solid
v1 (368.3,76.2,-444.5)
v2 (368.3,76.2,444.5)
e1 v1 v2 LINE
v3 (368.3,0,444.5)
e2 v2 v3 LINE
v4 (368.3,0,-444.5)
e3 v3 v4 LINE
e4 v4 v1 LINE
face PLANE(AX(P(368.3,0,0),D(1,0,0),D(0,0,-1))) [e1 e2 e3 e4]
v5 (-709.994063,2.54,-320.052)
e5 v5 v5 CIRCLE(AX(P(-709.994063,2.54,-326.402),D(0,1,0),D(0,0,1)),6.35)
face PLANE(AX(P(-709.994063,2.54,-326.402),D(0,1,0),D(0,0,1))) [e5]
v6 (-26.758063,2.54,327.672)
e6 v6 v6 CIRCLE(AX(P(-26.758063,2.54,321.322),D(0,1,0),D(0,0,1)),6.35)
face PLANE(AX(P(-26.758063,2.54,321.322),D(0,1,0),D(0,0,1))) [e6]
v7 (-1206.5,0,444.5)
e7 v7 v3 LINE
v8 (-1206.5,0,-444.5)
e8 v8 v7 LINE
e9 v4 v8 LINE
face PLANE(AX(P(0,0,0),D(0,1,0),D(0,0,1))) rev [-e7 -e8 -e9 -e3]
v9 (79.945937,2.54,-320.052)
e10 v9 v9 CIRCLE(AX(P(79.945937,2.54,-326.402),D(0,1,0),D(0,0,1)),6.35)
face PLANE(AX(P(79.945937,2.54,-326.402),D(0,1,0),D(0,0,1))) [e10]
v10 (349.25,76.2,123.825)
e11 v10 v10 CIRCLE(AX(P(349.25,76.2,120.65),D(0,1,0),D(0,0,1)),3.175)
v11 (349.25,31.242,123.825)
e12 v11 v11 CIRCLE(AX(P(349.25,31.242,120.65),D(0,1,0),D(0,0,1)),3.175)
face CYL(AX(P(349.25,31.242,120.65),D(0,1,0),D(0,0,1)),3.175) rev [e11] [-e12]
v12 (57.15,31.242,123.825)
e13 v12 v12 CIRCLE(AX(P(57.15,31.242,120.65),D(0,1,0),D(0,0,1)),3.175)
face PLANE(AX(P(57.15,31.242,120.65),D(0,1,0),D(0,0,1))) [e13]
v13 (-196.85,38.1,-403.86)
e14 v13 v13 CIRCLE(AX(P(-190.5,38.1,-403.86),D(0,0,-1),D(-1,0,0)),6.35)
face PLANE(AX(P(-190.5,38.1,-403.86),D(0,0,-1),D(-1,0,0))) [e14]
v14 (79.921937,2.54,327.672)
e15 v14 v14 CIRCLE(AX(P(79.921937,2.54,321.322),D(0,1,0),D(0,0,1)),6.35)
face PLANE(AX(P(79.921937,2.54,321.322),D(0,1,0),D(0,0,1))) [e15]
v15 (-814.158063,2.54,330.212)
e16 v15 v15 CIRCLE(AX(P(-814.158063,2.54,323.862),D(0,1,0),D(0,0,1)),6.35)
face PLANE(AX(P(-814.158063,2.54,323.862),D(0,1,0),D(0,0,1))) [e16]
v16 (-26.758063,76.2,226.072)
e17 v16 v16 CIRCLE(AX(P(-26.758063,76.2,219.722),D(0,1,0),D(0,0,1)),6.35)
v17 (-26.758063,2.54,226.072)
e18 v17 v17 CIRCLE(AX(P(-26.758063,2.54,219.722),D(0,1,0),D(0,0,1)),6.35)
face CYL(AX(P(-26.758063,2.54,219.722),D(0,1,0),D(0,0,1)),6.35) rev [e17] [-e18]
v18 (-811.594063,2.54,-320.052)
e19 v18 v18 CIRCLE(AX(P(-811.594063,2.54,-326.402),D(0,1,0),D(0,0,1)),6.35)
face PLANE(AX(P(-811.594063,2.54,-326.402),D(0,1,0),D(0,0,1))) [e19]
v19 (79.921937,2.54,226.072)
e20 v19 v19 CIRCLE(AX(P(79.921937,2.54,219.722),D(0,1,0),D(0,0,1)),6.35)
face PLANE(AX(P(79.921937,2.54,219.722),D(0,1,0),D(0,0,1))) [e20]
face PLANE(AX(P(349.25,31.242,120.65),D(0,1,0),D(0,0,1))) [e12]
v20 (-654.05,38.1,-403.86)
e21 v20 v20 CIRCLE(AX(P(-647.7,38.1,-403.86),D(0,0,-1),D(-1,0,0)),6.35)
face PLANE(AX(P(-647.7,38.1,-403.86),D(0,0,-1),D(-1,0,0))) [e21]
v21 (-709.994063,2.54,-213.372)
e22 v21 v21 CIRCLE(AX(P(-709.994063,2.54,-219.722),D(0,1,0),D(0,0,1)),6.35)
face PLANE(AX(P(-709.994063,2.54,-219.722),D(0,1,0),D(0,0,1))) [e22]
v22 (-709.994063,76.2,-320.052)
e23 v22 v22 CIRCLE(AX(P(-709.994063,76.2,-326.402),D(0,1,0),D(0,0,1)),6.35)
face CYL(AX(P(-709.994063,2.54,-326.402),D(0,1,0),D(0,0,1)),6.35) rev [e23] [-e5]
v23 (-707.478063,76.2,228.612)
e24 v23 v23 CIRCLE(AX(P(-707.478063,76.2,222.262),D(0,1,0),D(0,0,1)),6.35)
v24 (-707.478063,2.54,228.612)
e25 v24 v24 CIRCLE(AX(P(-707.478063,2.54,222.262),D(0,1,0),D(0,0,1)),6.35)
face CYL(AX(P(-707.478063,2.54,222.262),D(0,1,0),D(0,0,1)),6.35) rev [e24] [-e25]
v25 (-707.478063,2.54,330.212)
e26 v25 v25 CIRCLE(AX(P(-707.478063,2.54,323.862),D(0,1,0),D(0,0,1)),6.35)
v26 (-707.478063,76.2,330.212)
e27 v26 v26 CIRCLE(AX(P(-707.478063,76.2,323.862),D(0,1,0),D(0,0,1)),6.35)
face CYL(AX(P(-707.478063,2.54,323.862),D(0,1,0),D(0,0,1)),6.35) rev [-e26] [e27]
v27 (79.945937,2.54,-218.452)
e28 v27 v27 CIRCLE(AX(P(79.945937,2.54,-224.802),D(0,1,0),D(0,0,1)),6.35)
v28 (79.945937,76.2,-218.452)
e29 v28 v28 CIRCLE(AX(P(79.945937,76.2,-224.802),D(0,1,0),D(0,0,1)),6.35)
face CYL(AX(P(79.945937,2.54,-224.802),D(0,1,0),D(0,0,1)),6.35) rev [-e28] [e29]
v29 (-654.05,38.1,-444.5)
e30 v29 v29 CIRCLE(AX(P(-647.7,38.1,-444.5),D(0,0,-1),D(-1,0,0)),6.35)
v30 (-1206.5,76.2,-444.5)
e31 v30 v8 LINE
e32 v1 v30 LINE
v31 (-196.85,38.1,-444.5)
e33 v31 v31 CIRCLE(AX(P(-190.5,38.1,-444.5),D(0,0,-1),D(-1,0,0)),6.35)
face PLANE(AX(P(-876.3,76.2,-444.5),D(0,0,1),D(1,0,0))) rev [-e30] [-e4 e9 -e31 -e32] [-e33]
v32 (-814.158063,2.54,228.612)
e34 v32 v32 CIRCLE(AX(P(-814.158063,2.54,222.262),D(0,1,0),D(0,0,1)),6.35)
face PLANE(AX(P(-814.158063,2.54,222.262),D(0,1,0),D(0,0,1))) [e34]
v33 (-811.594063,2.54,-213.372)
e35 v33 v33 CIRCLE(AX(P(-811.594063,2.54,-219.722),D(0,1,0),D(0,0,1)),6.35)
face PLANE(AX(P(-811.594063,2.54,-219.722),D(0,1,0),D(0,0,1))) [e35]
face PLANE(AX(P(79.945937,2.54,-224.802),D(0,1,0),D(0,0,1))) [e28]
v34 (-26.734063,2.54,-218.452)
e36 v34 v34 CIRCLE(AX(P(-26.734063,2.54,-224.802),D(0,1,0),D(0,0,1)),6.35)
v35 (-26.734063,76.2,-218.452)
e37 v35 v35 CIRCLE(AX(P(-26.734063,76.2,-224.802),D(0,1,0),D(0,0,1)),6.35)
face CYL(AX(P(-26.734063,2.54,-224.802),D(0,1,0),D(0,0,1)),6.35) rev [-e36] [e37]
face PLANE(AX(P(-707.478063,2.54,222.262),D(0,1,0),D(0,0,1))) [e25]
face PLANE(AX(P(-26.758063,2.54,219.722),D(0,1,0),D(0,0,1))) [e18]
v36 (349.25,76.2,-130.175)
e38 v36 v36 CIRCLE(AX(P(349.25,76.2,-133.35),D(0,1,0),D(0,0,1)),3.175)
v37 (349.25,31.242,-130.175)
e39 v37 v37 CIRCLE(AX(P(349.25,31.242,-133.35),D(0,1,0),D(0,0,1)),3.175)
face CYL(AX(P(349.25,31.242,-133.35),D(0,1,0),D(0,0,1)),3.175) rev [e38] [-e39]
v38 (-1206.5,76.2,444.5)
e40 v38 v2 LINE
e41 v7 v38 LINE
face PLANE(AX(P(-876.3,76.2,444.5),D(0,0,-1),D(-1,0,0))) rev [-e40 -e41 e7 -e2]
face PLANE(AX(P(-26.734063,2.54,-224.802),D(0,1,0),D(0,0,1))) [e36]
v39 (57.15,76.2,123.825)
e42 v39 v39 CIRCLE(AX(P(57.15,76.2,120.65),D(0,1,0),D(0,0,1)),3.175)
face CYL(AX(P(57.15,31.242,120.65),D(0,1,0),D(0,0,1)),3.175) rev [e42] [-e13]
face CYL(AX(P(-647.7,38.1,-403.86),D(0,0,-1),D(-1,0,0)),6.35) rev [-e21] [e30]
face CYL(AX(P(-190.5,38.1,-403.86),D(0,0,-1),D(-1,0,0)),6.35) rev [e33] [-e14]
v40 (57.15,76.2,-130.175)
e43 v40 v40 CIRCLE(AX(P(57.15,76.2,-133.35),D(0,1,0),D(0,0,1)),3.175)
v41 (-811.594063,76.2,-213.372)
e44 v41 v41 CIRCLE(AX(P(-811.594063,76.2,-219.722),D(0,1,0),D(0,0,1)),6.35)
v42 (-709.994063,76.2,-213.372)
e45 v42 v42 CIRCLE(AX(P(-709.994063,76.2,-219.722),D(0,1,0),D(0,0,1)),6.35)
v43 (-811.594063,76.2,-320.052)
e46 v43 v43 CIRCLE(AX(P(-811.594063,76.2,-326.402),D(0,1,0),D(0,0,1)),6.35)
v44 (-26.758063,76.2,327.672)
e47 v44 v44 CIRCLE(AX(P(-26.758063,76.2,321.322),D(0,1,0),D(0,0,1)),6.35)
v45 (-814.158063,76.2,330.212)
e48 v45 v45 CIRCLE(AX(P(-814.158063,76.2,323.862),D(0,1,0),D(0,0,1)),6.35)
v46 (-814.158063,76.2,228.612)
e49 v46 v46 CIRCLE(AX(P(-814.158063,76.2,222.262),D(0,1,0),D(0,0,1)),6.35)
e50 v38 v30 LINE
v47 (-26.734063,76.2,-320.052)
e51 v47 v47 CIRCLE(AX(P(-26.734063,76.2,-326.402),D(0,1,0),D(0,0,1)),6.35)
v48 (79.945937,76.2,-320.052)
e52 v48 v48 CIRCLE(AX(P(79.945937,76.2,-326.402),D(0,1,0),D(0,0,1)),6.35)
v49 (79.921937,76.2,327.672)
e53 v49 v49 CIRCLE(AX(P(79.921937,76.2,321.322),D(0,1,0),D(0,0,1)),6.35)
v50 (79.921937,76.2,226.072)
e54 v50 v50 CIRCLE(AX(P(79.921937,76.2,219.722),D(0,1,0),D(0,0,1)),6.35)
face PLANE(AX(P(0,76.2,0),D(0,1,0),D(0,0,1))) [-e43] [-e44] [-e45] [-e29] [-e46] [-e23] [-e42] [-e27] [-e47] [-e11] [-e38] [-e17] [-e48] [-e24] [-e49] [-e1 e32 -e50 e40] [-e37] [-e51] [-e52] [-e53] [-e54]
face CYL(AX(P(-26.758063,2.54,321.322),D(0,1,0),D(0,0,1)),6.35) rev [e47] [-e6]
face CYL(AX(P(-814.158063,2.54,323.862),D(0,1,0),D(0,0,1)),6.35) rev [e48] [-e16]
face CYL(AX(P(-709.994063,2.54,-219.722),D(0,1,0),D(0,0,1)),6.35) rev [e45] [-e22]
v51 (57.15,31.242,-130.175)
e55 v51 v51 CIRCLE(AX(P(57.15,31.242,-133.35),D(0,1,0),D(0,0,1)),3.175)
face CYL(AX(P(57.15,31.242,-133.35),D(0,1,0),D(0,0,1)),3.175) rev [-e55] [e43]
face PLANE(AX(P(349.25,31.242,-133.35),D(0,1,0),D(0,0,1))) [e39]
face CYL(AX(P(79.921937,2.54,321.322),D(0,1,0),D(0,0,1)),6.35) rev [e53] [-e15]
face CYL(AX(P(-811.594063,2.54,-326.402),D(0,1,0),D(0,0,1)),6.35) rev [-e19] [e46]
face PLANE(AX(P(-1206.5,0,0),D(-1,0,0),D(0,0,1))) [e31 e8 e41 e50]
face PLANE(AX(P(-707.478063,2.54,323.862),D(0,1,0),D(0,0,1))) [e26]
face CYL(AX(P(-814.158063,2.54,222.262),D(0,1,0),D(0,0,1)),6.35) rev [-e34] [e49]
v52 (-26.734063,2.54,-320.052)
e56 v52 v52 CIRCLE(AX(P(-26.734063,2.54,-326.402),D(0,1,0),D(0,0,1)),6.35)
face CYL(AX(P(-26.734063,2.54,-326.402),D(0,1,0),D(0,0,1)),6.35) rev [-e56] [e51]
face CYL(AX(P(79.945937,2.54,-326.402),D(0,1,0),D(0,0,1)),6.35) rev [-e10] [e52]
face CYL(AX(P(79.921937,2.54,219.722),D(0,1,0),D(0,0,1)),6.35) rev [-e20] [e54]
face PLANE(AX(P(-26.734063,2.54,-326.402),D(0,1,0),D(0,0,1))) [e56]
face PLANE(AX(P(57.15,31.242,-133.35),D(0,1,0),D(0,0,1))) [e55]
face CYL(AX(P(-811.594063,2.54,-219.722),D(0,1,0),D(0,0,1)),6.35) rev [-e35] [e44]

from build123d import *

# Parameters (mm, degrees)
SKETCH1_W           = 1752.6
SKETCH1_H           = 889
BOSS_EXTRUDE1_DEPTH = 76.2
SKETCH2_W           = 889
SKETCH2_H           = 76.2
BOSS_EXTRUDE2_DEPTH = 330.2
SKETCH4_W           = 889
SKETCH4_H           = 76.2
CUT_EXTRUDE1_DEPTH  = 508
SKETCH5_R           = 6.35
CUT_EXTRUDE2_DEPTH  = 73.66
SKETCH7_R           = 6.35
CUT_EXTRUDE4_DEPTH  = 40.64
SKETCH8_R           = 3.175
CUT_EXTRUDE5_DEPTH  = 44.958


with BuildPart() as part:
    # Sketch1 → Boss-Extrude1 (new body)
    with BuildSketch(Plane(origin=(0, 0, 0), x_dir=(1, 0, 0), z_dir=(0, 1, 0))):
        Rectangle(SKETCH1_W, SKETCH1_H)
    extrude(amount=BOSS_EXTRUDE1_DEPTH)

    # Sketch2 → Boss-Extrude2 (add)
    with BuildSketch(Plane.ZY.offset(876.3)):
        with Locations((0, 38.1)):
            Rectangle(SKETCH2_W, SKETCH2_H)
    extrude(amount=BOSS_EXTRUDE2_DEPTH)

    # Sketch4 → Cut-Extrude1 (cut)
    with BuildSketch(Plane(origin=(876.3, 0, 0), x_dir=(0, 0, -1), z_dir=(1, 0, 0))):
        with Locations((0, 38.1)):
            Rectangle(SKETCH4_W, SKETCH4_H)
    extrude(amount=-CUT_EXTRUDE1_DEPTH, mode=Mode.SUBTRACT)

    # Sketch5 → Cut-Extrude2 (cut)
    with BuildSketch(Plane(origin=(0, 76.2, 0), x_dir=(1, 0, 0), z_dir=(0, 1, 0))):
        with Locations(Location((-811.594063252, 219.722, 0), (0, 0, 270))):
            Circle(SKETCH5_R)
        with Locations(Location((-811.594063252, 326.402, 0), (0, 0, 270))):
            Circle(SKETCH5_R)
        with Locations(Location((-709.994063252, 326.402, 0), (0, 0, 270))):
            Circle(SKETCH5_R)
        with Locations(Location((-709.994063252, 219.722, 0), (0, 0, 270))):
            Circle(SKETCH5_R)
        with Locations(Location((-26.734063252, 326.402, 0), (0, 0, 270))):
            Circle(SKETCH5_R)
        with Locations(Location((79.945936748, 326.402, 0), (0, 0, 270))):
            Circle(SKETCH5_R)
        with Locations(Location((79.945936748, 224.802, 0), (0, 0, 270))):
            Circle(SKETCH5_R)
        with Locations(Location((-26.734063252, 224.802, 0), (0, 0, 270))):
            Circle(SKETCH5_R)
        with Locations(Location((-26.758063252, -219.722, 0), (0, 0, 270))):
            Circle(SKETCH5_R)
        with Locations(Location((79.921936748, -219.722, 0), (0, 0, 270))):
            Circle(SKETCH5_R)
        with Locations(Location((79.921936748, -321.322, 0), (0, 0, 270))):
            Circle(SKETCH5_R)
        with Locations(Location((-26.758063252, -321.322, 0), (0, 0, 270))):
            Circle(SKETCH5_R)
        with Locations(Location((-707.478063252, -222.262, 0), (0, 0, 270))):
            Circle(SKETCH5_R)
        with Locations(Location((-707.478063252, -323.862, 0), (0, 0, 270))):
            Circle(SKETCH5_R)
        with Locations(Location((-814.158063252, -323.862, 0), (0, 0, 270))):
            Circle(SKETCH5_R)
        with Locations(Location((-814.158063252, -222.262, 0), (0, 0, 270))):
            Circle(SKETCH5_R)
    extrude(amount=-CUT_EXTRUDE2_DEPTH, mode=Mode.SUBTRACT)

    # Sketch7 → Cut-Extrude4 (cut)
    with BuildSketch(Plane(origin=(0, 0, -444.5), x_dir=(-1, 0, 0), z_dir=(0, 0, -1))):
        with Locations((190.5, 38.1)):
            Circle(SKETCH7_R)
        with Locations((647.7, 38.1)):
            Circle(SKETCH7_R)
    extrude(amount=-CUT_EXTRUDE4_DEPTH, mode=Mode.SUBTRACT)

    # Sketch8 → Cut-Extrude5 (cut)
    with BuildSketch(Plane(origin=(0, 76.2, 0), x_dir=(1, 0, 0), z_dir=(0, 1, 0))):
        with Locations(Location((349.25, 133.35, 0), (0, 0, 270))):
            Circle(SKETCH8_R)
        with Locations(Location((349.25, -120.65, 0), (0, 0, 270))):
            Circle(SKETCH8_R)
        with Locations(Location((57.15, -120.65, 0), (0, 0, 270))):
            Circle(SKETCH8_R)
        with Locations(Location((57.15, 133.35, 0), (0, 0, 270))):
            Circle(SKETCH8_R)
    extrude(amount=-CUT_EXTRUDE5_DEPTH, mode=Mode.SUBTRACT)


solid = part.part
